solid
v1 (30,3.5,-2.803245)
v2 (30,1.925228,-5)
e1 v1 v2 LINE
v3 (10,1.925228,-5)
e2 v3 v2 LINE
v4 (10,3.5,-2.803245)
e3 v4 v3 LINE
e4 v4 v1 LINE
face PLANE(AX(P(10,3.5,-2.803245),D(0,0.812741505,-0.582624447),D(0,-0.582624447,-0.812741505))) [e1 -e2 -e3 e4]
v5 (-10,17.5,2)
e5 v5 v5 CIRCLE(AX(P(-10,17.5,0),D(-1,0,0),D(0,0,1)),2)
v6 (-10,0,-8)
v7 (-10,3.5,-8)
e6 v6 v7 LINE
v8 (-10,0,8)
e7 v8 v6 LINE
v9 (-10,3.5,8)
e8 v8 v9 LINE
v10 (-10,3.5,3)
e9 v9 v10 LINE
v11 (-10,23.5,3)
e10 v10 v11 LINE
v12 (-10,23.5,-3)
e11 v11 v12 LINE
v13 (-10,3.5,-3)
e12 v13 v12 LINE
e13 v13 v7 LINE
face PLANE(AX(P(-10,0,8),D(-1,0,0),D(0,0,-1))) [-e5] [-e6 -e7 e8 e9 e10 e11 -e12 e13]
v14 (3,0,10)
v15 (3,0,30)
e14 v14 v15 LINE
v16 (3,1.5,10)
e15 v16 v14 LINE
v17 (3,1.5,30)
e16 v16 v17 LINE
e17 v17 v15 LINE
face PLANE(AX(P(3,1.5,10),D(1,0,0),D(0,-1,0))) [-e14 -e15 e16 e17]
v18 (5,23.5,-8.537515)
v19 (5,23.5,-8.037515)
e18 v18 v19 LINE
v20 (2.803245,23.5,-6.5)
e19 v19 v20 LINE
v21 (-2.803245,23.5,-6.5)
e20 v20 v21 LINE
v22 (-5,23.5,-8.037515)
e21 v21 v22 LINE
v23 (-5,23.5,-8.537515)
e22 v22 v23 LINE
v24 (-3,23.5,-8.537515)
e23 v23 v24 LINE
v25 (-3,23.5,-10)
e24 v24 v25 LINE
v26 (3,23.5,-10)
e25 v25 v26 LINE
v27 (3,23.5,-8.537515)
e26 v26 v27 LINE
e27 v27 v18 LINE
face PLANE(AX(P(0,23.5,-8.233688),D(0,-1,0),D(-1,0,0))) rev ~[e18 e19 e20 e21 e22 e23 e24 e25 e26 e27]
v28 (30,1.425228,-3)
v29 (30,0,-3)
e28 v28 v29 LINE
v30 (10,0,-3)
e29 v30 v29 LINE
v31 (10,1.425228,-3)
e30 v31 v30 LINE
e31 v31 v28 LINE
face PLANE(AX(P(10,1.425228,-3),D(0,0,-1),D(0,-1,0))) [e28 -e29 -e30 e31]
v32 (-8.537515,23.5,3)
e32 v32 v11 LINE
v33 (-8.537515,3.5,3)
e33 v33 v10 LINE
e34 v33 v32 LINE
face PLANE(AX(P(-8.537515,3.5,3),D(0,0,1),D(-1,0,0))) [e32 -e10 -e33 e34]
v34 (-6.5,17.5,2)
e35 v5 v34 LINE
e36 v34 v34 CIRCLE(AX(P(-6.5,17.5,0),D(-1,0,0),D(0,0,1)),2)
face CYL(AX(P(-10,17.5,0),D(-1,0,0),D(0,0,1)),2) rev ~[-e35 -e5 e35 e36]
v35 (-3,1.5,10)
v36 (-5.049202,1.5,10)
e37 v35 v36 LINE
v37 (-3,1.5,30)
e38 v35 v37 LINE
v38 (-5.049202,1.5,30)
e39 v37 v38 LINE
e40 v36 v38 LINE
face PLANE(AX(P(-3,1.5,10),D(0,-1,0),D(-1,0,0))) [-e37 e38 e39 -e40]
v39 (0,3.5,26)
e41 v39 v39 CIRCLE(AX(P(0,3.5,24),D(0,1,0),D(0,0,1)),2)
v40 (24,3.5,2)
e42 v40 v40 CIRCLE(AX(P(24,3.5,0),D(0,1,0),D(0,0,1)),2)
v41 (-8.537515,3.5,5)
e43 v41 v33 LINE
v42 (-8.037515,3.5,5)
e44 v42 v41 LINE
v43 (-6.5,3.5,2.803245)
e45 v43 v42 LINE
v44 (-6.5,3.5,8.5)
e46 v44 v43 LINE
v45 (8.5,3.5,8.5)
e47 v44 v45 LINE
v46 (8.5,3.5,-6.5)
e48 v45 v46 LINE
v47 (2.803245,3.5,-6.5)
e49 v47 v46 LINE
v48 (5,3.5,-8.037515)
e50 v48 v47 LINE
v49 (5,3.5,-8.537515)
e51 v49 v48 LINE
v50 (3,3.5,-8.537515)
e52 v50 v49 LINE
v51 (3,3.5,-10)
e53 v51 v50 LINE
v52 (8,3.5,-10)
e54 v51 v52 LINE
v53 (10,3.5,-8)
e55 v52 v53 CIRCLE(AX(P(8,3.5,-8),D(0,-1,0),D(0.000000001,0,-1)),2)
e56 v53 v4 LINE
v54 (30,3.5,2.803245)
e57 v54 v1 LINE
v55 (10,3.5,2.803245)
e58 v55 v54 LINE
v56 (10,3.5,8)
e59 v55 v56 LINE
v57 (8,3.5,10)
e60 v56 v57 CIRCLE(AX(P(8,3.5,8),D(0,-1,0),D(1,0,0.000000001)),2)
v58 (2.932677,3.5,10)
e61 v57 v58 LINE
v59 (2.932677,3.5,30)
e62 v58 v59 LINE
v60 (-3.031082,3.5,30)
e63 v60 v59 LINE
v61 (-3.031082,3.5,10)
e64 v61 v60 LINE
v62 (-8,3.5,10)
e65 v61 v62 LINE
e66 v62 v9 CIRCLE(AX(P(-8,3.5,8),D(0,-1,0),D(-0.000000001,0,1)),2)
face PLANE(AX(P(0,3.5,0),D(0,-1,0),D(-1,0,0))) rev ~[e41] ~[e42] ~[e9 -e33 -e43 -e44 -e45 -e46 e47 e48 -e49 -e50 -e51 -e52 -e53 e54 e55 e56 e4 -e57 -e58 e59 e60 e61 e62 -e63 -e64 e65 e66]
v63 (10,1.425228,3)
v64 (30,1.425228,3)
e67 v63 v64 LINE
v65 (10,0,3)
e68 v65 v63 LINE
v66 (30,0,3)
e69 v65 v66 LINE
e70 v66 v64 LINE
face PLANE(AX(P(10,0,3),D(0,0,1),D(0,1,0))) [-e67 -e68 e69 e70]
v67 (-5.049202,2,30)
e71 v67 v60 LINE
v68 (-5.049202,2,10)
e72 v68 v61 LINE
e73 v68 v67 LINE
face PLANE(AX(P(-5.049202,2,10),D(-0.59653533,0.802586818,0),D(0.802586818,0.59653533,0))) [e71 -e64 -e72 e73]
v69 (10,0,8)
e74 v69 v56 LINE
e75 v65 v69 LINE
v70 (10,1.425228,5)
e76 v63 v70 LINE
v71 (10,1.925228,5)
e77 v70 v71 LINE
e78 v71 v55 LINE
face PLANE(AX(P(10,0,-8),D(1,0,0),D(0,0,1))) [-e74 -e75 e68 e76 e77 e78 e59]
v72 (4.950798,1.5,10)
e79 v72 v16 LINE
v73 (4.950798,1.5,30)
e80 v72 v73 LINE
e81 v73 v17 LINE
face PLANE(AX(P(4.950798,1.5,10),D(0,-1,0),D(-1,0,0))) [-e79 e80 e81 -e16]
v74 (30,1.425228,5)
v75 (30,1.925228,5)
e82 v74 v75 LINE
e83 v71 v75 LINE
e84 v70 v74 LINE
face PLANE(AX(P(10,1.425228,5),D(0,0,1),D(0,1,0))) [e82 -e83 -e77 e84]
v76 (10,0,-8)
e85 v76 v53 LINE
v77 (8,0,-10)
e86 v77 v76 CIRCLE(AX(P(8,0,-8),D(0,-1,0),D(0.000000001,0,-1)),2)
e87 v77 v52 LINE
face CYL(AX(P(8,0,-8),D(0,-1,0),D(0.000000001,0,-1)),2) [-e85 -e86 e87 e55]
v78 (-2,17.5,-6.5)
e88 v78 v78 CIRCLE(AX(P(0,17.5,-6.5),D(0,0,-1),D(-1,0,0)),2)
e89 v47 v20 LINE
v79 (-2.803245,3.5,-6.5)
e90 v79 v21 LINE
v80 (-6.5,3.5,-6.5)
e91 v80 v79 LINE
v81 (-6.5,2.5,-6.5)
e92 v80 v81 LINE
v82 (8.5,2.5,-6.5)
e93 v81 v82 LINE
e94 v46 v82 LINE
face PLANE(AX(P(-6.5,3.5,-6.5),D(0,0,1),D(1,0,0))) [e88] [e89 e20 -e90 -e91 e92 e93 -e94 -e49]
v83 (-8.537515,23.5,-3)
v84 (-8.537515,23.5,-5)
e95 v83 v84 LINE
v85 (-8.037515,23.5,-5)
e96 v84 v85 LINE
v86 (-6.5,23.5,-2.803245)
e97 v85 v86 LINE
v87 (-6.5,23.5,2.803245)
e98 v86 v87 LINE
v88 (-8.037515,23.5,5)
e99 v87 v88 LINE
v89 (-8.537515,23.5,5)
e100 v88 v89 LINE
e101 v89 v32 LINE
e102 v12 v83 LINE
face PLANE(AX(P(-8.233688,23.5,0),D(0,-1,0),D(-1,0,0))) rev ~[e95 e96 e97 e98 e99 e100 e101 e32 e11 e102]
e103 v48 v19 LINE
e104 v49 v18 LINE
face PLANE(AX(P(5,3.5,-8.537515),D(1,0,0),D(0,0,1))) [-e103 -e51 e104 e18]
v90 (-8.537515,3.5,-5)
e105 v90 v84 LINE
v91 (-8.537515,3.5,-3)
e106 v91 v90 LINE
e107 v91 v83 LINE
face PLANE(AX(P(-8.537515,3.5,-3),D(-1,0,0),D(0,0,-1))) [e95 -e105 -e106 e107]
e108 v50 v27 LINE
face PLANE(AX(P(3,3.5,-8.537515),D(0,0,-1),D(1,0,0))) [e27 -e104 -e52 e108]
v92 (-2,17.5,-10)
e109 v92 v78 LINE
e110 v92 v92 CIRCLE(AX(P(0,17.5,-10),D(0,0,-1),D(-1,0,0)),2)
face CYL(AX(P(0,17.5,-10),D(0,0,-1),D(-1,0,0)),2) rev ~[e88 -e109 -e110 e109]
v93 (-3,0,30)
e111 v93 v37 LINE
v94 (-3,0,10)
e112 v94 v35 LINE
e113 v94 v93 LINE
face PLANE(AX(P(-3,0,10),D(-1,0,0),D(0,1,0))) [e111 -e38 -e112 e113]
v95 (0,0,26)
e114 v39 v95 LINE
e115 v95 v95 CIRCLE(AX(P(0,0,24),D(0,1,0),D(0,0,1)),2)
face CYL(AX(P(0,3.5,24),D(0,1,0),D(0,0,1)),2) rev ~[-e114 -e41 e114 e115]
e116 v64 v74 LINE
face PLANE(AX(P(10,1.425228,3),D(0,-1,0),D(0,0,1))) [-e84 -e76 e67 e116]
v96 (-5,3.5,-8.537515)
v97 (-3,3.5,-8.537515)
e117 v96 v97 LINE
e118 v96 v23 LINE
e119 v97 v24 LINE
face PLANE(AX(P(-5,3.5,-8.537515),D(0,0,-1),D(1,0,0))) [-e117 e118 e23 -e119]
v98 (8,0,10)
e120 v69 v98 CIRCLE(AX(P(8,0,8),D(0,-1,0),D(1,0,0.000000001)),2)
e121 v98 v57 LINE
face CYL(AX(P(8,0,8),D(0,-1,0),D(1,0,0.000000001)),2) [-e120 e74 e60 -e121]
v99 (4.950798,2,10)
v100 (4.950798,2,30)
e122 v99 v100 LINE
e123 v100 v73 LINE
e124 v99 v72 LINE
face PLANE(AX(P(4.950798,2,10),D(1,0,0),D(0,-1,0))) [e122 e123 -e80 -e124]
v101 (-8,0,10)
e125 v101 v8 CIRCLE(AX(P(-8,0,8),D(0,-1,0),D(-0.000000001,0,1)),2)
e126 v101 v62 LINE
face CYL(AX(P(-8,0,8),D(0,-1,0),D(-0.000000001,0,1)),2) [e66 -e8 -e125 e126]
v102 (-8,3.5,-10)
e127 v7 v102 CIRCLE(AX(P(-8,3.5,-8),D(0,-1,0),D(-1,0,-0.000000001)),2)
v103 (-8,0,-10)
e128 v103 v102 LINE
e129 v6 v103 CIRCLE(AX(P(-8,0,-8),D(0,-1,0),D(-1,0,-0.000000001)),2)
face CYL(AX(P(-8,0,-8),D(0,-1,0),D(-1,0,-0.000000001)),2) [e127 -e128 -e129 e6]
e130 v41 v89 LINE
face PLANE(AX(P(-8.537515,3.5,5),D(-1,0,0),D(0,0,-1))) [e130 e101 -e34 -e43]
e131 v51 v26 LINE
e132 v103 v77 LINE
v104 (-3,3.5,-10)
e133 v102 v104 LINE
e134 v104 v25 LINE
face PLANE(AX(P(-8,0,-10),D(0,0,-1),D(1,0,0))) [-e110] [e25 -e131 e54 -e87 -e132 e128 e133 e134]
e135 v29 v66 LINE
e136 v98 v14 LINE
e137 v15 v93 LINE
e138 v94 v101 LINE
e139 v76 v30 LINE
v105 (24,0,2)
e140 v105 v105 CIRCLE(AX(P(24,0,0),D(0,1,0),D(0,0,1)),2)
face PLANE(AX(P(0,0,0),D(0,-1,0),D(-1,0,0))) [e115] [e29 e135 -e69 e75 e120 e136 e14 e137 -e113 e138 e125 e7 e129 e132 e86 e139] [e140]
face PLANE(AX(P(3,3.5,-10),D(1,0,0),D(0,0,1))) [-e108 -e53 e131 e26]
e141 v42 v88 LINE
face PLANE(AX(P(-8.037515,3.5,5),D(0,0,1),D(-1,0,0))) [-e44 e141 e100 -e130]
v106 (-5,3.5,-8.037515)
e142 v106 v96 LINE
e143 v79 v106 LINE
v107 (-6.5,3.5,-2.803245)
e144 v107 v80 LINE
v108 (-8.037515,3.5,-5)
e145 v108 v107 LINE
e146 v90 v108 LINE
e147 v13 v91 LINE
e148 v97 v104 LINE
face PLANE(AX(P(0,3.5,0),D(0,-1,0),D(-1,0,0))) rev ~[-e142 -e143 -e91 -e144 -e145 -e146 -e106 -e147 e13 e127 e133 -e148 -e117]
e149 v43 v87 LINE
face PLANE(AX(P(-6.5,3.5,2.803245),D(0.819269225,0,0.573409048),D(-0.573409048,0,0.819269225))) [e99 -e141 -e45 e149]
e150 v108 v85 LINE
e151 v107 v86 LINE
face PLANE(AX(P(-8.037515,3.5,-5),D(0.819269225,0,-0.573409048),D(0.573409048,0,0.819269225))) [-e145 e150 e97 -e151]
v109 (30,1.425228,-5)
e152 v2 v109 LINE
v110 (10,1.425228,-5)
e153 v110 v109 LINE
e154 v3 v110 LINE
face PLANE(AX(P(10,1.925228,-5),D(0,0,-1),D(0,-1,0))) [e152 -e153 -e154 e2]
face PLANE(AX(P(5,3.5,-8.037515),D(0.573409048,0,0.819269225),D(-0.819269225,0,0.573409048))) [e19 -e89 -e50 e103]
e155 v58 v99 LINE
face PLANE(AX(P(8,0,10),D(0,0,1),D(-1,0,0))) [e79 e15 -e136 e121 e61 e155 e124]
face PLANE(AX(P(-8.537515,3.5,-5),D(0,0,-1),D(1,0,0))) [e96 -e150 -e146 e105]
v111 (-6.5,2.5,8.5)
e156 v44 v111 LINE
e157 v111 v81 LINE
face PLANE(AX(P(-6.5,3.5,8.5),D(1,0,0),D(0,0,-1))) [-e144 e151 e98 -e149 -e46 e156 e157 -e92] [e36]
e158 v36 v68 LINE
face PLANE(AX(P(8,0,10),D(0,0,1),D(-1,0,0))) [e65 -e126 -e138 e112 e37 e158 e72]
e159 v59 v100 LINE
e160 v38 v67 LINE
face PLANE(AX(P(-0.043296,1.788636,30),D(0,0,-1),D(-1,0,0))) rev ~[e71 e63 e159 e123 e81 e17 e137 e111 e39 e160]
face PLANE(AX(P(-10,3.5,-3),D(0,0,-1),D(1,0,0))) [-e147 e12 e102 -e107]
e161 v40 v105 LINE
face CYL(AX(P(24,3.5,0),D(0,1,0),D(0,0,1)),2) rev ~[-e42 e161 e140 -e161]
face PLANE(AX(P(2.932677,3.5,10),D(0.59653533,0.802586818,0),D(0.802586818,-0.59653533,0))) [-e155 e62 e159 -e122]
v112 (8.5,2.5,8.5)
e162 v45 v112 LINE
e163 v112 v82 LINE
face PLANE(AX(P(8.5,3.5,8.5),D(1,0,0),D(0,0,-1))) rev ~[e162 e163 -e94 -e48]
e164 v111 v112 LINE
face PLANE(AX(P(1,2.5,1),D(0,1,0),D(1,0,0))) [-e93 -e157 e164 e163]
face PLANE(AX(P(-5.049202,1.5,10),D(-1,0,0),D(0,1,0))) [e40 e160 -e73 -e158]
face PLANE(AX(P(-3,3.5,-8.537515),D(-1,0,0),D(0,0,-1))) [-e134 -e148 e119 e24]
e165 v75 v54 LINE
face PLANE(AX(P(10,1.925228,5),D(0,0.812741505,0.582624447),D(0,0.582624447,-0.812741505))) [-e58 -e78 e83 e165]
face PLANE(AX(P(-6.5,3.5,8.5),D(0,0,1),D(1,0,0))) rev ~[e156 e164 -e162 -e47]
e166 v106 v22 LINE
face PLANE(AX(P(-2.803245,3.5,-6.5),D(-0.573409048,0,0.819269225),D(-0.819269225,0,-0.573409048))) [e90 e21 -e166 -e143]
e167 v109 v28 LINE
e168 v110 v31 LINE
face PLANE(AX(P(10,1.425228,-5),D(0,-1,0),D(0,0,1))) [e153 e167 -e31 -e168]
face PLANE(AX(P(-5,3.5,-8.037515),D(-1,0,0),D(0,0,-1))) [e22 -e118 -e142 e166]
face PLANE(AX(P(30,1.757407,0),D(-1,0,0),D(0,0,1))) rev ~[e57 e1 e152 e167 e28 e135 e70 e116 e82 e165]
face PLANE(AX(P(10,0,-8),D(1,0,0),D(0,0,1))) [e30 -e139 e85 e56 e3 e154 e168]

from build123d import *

# Parameters (mm, degrees)
BOSS_EXTRUDE1_DEPTH = 3.5
SKETCH2_W           = 15
SKETCH2_H           = 15
CUT_EXTRUDE1_DEPTH  = 1
BOSS_EXTRUDE2_DEPTH = 20
BOSS_EXTRUDE3_DEPTH = 20
BOSS_EXTRUDE4_DEPTH = 20
SKETCH7_R           = 2
CUT_EXTRUDE3_DEPTH  = 20
SKETCH8_R           = 2
CUT_EXTRUDE4_DEPTH  = 20
SKETCH9_R           = 2
CUT_EXTRUDE5_DEPTH  = 20
SKETCH10_R          = 2
CUT_EXTRUDE6_DEPTH  = 20


with BuildPart() as part:
    # Sketch1 → Boss-Extrude1 (new body)
    with BuildSketch(Plane(origin=(0, 0, 0), x_dir=(1, 0, 0), z_dir=(0, 1, 0))):
        with BuildLine():
            Line((8, -10), (-8, -10))
            ThreePointArc((-8, -10), (-9.414213562, -9.414213562), (-10, -8))
            Line((-10, -8), (-10, 8))
            ThreePointArc((-10, 8), (-9.414213562, 9.414213562), (-8, 10))
            Line((-8, 10), (8, 10))
            ThreePointArc((8, 10), (9.414213562, 9.414213562), (10, 8))
            Line((10, 8), (10, -8))
            ThreePointArc((10, -8), (9.414213562, -9.414213562), (8, -10))
        make_face()
    extrude(amount=BOSS_EXTRUDE1_DEPTH)

    # Sketch2 → Cut-Extrude1 (cut)
    with BuildSketch(Plane(origin=(0, 3.5, 0), x_dir=(1, 0, 0), z_dir=(0, 1, 0))):
        with Locations((1, -1)):
            Rectangle(SKETCH2_W, SKETCH2_H)
    extrude(amount=-CUT_EXTRUDE1_DEPTH, mode=Mode.SUBTRACT)

    # Sketch3 → Boss-Extrude2 (add)
    with BuildSketch(Plane(origin=(0, 3.5, 0), x_dir=(1, 0, 0), z_dir=(0, 1, 0))):
        Polygon((2.803245497, 6.5), (-2.803245497, 6.5), (-5, 8.037515228), (-5, 8.537515228), (-3, 8.537515228), (-3, 10), (3, 10), (3, 8.537515228), (5, 8.537515228), (5, 8.037515228), align=None)
        Polygon((-8.537515228, 5), (-8.037515228, 5), (-6.5, 2.803245497), (-6.5, -2.803245497), (-8.037515228, -5), (-8.537515228, -5), (-8.537515228, -3), (-10, -3), (-10, 3), (-8.537515228, 3), align=None)
    extrude(amount=BOSS_EXTRUDE2_DEPTH)

    # Sketch4 → Boss-Extrude3 (add)
    with BuildSketch(Plane.XY.offset(10)):
        Polygon((2.93267729, 3.5), (4.950797873, 2), (4.950797873, 1.5), (3, 1.5), (3, 0), (-3, 0), (-3, 1.5), (-5.049202127, 1.5), (-5.049202127, 2), (-3.031081545, 3.5), align=None)
    extrude(amount=BOSS_EXTRUDE3_DEPTH)

    # Sketch5 → Boss-Extrude4 (add)
    with BuildSketch(Plane(origin=(10, 0, 0), x_dir=(0, 0, -1), z_dir=(1, 0, 0))):
        Polygon((2.803245497, 3.5), (5, 1.925227615), (5, 1.425227615), (3, 1.425227615), (3, 0), (-3, 0), (-3, 1.425227615), (-5, 1.425227615), (-5, 1.925227615), (-2.803245497, 3.5), align=None)
    extrude(amount=BOSS_EXTRUDE4_DEPTH)

    # Sketch7 → Cut-Extrude3 (cut)
    with BuildSketch(Plane.ZY.offset(10)):
        with Locations((0, 17.5)):
            Circle(SKETCH7_R)
    extrude(amount=-CUT_EXTRUDE3_DEPTH, mode=Mode.SUBTRACT)

    # Sketch8 → Cut-Extrude4 (cut)
    with BuildSketch(Plane(origin=(0, 0, -10), x_dir=(-1, 0, 0), z_dir=(0, 0, -1))):
        with Locations((0, 17.5)):
            Circle(SKETCH8_R)
    extrude(amount=-CUT_EXTRUDE4_DEPTH, mode=Mode.SUBTRACT)

    # Sketch9 → Cut-Extrude5 (cut)
    with BuildSketch(Plane(origin=(0, 3.5, 0), x_dir=(1, 0, 0), z_dir=(0, 1, 0))):
        with Locations(Location((0, -24, 0), (0, 0, 270))):
            Circle(SKETCH9_R)
    extrude(amount=-CUT_EXTRUDE5_DEPTH, mode=Mode.SUBTRACT)

    # Sketch10 → Cut-Extrude6 (cut)
    with BuildSketch(Plane(origin=(0, 3.5, 0), x_dir=(1, 0, 0), z_dir=(0, 1, 0))):
        with Locations(Location((24, 0, 0), (0, 0, 270))):
            Circle(SKETCH10_R)
    extrude(amount=-CUT_EXTRUDE6_DEPTH, mode=Mode.SUBTRACT)


solid = part.part
